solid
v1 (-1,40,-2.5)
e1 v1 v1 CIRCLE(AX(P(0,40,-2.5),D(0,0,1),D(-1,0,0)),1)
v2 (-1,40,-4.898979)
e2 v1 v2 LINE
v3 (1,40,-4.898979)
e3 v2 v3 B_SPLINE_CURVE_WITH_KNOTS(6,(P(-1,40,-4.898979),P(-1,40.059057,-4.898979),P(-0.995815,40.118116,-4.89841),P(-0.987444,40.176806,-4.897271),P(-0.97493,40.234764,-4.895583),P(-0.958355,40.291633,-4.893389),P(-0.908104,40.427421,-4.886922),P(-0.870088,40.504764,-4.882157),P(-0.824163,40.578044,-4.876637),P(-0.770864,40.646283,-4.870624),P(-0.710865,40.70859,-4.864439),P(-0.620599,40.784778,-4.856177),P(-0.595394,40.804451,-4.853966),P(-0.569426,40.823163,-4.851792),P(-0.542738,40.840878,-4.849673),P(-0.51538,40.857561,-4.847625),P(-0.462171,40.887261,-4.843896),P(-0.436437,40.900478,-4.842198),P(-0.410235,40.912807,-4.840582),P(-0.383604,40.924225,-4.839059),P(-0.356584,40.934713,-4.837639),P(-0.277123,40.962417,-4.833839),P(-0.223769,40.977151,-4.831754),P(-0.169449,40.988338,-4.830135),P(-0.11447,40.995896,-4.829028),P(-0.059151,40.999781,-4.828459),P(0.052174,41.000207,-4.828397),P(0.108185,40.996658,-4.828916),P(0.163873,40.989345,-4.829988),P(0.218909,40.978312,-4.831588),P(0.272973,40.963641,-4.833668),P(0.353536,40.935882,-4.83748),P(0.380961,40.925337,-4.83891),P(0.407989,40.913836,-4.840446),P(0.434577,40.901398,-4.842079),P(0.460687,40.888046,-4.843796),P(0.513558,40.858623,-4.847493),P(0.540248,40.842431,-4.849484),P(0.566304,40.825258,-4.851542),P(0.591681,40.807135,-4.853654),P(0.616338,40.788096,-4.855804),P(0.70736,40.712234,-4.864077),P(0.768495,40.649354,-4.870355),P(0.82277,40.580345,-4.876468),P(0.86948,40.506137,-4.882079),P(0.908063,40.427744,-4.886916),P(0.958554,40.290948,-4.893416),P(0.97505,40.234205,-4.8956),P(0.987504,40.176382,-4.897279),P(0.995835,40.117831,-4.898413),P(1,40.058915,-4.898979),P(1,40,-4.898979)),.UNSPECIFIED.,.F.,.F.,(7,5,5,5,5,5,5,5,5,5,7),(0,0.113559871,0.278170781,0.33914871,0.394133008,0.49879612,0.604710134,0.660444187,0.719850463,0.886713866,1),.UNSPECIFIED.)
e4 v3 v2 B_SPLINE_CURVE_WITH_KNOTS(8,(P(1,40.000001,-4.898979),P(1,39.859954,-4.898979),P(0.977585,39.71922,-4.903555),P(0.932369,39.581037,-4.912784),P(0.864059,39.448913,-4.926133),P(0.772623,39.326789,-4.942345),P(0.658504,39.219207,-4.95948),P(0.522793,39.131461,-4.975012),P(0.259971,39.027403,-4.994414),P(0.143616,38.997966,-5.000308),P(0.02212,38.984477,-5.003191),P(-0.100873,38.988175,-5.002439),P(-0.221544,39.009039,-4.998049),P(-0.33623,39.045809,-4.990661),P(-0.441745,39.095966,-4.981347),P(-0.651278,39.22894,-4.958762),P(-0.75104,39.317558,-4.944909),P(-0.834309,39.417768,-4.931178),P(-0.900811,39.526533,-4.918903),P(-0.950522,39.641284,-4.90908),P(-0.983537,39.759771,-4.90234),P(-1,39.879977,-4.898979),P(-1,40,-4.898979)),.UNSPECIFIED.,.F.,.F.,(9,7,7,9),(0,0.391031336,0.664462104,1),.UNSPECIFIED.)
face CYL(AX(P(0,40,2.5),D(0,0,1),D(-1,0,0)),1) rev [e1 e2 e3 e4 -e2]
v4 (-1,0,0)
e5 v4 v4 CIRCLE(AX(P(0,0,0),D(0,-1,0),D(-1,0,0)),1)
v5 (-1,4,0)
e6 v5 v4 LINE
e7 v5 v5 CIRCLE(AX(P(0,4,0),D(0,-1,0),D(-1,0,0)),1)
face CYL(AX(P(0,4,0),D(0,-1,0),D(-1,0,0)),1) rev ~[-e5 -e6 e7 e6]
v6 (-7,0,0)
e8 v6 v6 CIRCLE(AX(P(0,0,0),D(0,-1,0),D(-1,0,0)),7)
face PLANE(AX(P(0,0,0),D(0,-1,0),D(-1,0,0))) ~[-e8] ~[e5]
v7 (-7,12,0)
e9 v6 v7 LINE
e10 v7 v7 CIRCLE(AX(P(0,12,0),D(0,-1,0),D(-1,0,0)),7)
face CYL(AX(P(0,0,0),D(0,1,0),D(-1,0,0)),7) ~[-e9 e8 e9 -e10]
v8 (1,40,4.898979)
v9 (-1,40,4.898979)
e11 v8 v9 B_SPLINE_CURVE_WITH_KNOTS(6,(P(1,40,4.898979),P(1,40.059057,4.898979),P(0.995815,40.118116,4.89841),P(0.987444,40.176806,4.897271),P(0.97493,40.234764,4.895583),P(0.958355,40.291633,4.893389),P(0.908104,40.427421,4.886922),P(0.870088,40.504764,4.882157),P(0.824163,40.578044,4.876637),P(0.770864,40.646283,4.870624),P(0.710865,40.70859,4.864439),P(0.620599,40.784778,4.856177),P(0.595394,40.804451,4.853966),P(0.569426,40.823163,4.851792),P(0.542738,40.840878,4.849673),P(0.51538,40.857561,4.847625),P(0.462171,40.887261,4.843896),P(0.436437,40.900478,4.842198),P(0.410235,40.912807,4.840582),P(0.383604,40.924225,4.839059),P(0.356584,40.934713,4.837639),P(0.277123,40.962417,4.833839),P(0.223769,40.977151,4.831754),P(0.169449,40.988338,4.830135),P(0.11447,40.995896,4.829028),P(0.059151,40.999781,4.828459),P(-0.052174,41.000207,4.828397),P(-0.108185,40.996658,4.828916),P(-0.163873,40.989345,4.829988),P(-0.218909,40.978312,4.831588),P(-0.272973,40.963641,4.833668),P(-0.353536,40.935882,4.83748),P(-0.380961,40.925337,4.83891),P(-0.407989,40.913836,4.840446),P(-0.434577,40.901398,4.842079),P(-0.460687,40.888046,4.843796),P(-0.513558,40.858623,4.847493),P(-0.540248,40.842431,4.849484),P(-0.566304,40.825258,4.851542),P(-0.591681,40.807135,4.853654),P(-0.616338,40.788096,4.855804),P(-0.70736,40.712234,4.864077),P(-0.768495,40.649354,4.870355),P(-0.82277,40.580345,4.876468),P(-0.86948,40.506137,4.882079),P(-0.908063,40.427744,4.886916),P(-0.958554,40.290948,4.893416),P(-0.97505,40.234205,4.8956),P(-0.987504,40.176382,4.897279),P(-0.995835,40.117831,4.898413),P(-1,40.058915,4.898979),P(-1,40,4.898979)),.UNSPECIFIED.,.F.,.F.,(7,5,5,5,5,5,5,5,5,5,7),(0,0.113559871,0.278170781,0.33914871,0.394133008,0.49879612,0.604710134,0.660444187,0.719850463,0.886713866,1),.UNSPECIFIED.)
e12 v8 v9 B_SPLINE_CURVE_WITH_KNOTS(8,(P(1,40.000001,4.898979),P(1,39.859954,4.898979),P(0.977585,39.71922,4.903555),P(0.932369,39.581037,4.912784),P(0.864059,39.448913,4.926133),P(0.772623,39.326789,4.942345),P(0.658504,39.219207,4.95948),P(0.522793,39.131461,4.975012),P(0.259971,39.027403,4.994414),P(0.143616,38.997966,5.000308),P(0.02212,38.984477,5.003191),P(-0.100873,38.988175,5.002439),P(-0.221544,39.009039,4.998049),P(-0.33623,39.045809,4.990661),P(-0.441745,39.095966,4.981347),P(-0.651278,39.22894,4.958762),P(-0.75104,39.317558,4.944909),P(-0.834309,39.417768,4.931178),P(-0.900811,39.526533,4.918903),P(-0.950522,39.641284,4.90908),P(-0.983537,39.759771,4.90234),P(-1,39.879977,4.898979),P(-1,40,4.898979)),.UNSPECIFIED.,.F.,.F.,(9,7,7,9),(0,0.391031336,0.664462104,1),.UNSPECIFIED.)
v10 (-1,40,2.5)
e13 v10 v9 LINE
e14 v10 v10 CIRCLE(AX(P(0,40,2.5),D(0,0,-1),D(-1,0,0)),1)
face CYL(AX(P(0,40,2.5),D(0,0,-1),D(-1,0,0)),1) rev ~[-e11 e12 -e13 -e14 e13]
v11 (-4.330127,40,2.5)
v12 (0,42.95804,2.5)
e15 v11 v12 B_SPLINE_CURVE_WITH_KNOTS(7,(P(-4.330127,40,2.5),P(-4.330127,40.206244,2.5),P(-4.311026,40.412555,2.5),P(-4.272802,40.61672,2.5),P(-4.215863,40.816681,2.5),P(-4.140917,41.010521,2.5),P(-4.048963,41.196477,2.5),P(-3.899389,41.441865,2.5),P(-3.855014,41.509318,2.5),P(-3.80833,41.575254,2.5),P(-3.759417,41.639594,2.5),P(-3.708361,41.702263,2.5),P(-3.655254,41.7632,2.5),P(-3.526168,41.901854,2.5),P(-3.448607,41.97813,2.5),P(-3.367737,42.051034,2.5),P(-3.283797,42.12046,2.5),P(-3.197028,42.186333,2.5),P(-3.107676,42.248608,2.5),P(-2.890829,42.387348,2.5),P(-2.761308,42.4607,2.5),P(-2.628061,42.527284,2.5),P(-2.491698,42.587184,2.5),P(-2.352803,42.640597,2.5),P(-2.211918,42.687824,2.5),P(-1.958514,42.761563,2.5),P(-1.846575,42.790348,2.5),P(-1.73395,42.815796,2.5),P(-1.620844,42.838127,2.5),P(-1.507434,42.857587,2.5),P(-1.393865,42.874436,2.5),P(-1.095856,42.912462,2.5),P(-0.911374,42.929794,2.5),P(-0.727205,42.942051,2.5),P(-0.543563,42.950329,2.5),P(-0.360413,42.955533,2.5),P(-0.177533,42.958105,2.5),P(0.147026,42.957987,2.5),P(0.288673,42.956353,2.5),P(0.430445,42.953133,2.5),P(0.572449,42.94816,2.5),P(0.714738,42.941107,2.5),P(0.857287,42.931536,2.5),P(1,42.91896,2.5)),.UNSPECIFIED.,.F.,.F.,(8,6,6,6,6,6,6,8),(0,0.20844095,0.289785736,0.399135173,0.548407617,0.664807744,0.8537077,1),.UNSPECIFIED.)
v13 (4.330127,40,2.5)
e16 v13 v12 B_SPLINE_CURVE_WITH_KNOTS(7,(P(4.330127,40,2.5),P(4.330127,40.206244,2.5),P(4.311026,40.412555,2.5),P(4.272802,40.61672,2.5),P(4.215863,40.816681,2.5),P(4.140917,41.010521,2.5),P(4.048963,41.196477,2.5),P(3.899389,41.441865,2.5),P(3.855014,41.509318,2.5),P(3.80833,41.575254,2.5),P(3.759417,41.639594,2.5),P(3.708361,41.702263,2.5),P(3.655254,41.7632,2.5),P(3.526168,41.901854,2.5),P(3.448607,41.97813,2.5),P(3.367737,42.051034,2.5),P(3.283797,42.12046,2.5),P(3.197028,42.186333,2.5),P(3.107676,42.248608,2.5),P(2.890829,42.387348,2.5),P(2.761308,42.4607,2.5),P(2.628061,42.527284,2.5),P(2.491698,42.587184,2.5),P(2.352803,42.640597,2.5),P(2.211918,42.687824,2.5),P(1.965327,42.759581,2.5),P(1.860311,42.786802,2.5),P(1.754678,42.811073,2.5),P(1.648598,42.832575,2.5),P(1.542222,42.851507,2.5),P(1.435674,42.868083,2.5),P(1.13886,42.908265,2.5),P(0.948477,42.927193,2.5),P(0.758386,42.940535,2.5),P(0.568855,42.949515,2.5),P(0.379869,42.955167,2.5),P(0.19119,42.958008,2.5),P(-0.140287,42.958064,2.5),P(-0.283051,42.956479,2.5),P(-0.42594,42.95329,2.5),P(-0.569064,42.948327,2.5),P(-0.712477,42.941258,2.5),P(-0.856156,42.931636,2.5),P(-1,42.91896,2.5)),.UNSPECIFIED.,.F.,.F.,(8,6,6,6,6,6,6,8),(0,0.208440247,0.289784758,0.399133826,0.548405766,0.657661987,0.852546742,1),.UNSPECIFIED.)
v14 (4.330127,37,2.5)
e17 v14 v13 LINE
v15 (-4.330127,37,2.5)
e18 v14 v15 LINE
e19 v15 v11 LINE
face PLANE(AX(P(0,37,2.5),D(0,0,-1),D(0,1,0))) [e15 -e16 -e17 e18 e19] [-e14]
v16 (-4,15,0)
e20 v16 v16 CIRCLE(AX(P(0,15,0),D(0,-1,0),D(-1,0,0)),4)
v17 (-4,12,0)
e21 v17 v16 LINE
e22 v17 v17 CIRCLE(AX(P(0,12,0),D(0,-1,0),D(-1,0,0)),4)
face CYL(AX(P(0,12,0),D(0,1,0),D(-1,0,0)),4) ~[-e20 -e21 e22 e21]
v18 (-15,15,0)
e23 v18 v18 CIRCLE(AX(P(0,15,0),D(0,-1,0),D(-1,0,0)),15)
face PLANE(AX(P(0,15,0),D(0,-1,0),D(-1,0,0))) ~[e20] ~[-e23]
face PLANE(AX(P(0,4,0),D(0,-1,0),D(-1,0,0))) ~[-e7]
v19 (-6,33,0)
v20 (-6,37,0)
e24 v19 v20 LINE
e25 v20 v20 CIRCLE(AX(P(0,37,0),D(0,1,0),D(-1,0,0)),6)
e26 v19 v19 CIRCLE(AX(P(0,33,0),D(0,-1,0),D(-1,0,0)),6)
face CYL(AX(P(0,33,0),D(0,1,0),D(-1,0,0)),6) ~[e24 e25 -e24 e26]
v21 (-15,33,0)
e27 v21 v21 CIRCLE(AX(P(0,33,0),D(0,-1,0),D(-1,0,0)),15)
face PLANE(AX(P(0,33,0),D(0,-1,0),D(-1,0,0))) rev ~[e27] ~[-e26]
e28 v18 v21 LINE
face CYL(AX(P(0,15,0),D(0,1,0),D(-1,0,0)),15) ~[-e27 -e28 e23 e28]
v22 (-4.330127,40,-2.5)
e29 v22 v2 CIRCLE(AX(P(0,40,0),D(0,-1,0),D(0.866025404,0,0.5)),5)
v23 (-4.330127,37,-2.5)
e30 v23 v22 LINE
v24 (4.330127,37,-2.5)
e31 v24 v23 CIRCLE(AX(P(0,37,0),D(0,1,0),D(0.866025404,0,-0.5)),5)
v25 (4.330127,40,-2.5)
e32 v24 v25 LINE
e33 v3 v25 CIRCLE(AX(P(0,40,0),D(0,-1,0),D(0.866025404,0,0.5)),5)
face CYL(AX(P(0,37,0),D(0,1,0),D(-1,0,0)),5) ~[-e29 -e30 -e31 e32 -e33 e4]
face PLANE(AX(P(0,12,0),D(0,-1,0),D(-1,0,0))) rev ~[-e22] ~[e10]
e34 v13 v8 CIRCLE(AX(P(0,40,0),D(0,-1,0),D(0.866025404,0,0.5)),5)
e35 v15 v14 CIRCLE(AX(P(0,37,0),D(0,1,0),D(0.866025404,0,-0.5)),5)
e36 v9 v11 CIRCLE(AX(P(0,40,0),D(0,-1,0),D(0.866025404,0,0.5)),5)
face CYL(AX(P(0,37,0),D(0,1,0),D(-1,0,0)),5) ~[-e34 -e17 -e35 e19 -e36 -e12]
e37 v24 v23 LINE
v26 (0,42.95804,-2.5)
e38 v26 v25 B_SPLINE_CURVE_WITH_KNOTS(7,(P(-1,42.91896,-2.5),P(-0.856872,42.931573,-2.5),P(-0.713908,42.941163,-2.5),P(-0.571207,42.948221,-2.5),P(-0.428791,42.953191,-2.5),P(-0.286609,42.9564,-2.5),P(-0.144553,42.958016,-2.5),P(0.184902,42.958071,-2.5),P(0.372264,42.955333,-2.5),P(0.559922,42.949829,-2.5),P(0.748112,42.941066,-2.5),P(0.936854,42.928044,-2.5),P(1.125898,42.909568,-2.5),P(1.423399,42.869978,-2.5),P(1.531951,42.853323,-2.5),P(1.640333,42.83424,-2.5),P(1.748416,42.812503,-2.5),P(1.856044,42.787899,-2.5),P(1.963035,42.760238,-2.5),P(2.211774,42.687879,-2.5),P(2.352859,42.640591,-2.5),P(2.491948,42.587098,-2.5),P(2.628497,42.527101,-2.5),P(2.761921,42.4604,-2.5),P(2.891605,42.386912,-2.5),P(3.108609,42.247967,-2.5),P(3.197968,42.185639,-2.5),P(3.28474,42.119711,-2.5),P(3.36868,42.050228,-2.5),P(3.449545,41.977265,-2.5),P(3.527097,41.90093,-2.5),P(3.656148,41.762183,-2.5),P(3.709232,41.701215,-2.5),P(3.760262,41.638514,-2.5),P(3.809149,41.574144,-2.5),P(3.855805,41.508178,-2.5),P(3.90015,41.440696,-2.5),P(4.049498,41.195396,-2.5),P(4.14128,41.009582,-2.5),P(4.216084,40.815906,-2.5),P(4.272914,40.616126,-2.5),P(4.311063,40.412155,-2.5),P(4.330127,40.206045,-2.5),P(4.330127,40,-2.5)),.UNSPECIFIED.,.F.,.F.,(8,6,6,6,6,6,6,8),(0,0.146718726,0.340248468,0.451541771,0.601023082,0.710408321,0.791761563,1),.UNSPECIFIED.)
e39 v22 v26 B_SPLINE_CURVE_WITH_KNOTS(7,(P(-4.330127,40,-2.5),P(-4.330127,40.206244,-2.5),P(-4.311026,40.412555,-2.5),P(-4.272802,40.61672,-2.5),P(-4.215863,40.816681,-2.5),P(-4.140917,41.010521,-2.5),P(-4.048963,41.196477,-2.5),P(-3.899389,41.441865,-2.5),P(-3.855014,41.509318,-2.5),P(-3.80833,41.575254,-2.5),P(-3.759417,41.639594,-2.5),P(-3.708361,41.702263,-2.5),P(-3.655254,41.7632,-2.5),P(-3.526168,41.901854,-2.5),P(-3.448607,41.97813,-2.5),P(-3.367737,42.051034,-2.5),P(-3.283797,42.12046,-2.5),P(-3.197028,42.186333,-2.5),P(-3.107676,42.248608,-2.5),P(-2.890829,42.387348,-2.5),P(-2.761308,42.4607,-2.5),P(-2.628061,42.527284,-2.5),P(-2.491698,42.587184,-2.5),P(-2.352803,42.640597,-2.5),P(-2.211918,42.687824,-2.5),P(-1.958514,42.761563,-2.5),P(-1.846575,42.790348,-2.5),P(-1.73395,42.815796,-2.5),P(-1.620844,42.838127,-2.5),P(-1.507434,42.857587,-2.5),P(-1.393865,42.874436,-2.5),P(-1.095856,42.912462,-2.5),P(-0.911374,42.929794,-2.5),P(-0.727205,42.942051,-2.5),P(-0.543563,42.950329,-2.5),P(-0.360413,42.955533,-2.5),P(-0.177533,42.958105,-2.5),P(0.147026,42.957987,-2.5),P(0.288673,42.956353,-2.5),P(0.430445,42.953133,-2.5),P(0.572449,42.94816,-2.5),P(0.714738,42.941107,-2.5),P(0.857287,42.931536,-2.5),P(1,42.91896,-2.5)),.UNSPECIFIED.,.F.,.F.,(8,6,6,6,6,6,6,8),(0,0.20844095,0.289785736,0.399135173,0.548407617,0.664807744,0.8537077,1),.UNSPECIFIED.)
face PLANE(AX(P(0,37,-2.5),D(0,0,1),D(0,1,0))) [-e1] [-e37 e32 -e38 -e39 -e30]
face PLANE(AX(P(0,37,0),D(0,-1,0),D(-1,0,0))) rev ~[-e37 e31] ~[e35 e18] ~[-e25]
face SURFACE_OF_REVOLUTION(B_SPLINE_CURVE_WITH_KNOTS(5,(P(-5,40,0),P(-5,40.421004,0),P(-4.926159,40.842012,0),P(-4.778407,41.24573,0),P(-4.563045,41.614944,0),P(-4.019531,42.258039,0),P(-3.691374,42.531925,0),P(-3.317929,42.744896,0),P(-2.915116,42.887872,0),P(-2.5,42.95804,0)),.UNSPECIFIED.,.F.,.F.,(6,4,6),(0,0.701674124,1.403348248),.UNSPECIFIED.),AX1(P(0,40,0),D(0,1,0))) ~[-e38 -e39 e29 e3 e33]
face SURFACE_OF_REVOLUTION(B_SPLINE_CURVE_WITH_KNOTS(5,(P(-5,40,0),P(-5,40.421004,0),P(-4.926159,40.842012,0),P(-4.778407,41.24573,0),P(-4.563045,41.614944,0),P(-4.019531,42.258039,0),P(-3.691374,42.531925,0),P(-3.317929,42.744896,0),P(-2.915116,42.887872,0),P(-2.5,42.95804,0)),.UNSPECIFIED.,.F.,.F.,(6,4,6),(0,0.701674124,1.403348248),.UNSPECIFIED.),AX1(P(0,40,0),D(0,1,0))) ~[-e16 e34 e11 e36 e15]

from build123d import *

# Parameters (mm, degrees)
FILLET1_R               = 3
CUT_EXTRUDE1_DEPTH      = 10
CUT_EXTRUDE1_DEPTH_BACK = 10
SKETCH3_W               = 5
SKETCH3_H               = 6
CUT_EXTRUDE2_DEPTH      = 10
CUT_EXTRUDE2_DEPTH_BACK = 10
SKETCH4_R               = 1


with BuildPart() as part:
    # Sketch2 → Revolve1 (revolve)
    with BuildSketch(Plane.XY):
        Polygon((-4, 12), (-4, 15), (-15, 15), (-15, 33), (-6, 33), (-6, 37), (-5, 37), (-5, 43), (0, 43), (0, 37), (0, 4), (-1, 4), (-1, 0), (-7, 0), (-7, 12), align=None)
    revolve(axis=Axis((0, 37, 0), (0, -1, 0)))

    # Fillet1
    fillet1_edges = [part.edges().sort_by_distance(p)[0] for p in [
        (5, 43, 0),
    ]]
    fillet(fillet1_edges, radius=FILLET1_R)

    # Sketch3 → Cut-Extrude1 (cut, two sides: drawn at the far end of the back side and taken through both)
    with BuildSketch(Plane(origin=(0, 0, 0), x_dir=(0, 0, -1), z_dir=(1, 0, 0)).offset(-CUT_EXTRUDE1_DEPTH_BACK)):
        with Locations((0, 40)):
            Rectangle(SKETCH3_W, SKETCH3_H)
    extrude(amount=CUT_EXTRUDE1_DEPTH + CUT_EXTRUDE1_DEPTH_BACK, mode=Mode.SUBTRACT)

    # Sketch4 → Cut-Extrude2 (cut, two sides: drawn at the far end of the back side and taken through both)
    with BuildSketch(Plane(origin=(0, 0, 2.5), x_dir=(-1, 0, 0), z_dir=(0, 0, -1)).offset(-CUT_EXTRUDE2_DEPTH_BACK)):
        with Locations((0, 40)):
            Circle(SKETCH4_R)
    extrude(amount=CUT_EXTRUDE2_DEPTH + CUT_EXTRUDE2_DEPTH_BACK, mode=Mode.SUBTRACT)


solid = part.part
